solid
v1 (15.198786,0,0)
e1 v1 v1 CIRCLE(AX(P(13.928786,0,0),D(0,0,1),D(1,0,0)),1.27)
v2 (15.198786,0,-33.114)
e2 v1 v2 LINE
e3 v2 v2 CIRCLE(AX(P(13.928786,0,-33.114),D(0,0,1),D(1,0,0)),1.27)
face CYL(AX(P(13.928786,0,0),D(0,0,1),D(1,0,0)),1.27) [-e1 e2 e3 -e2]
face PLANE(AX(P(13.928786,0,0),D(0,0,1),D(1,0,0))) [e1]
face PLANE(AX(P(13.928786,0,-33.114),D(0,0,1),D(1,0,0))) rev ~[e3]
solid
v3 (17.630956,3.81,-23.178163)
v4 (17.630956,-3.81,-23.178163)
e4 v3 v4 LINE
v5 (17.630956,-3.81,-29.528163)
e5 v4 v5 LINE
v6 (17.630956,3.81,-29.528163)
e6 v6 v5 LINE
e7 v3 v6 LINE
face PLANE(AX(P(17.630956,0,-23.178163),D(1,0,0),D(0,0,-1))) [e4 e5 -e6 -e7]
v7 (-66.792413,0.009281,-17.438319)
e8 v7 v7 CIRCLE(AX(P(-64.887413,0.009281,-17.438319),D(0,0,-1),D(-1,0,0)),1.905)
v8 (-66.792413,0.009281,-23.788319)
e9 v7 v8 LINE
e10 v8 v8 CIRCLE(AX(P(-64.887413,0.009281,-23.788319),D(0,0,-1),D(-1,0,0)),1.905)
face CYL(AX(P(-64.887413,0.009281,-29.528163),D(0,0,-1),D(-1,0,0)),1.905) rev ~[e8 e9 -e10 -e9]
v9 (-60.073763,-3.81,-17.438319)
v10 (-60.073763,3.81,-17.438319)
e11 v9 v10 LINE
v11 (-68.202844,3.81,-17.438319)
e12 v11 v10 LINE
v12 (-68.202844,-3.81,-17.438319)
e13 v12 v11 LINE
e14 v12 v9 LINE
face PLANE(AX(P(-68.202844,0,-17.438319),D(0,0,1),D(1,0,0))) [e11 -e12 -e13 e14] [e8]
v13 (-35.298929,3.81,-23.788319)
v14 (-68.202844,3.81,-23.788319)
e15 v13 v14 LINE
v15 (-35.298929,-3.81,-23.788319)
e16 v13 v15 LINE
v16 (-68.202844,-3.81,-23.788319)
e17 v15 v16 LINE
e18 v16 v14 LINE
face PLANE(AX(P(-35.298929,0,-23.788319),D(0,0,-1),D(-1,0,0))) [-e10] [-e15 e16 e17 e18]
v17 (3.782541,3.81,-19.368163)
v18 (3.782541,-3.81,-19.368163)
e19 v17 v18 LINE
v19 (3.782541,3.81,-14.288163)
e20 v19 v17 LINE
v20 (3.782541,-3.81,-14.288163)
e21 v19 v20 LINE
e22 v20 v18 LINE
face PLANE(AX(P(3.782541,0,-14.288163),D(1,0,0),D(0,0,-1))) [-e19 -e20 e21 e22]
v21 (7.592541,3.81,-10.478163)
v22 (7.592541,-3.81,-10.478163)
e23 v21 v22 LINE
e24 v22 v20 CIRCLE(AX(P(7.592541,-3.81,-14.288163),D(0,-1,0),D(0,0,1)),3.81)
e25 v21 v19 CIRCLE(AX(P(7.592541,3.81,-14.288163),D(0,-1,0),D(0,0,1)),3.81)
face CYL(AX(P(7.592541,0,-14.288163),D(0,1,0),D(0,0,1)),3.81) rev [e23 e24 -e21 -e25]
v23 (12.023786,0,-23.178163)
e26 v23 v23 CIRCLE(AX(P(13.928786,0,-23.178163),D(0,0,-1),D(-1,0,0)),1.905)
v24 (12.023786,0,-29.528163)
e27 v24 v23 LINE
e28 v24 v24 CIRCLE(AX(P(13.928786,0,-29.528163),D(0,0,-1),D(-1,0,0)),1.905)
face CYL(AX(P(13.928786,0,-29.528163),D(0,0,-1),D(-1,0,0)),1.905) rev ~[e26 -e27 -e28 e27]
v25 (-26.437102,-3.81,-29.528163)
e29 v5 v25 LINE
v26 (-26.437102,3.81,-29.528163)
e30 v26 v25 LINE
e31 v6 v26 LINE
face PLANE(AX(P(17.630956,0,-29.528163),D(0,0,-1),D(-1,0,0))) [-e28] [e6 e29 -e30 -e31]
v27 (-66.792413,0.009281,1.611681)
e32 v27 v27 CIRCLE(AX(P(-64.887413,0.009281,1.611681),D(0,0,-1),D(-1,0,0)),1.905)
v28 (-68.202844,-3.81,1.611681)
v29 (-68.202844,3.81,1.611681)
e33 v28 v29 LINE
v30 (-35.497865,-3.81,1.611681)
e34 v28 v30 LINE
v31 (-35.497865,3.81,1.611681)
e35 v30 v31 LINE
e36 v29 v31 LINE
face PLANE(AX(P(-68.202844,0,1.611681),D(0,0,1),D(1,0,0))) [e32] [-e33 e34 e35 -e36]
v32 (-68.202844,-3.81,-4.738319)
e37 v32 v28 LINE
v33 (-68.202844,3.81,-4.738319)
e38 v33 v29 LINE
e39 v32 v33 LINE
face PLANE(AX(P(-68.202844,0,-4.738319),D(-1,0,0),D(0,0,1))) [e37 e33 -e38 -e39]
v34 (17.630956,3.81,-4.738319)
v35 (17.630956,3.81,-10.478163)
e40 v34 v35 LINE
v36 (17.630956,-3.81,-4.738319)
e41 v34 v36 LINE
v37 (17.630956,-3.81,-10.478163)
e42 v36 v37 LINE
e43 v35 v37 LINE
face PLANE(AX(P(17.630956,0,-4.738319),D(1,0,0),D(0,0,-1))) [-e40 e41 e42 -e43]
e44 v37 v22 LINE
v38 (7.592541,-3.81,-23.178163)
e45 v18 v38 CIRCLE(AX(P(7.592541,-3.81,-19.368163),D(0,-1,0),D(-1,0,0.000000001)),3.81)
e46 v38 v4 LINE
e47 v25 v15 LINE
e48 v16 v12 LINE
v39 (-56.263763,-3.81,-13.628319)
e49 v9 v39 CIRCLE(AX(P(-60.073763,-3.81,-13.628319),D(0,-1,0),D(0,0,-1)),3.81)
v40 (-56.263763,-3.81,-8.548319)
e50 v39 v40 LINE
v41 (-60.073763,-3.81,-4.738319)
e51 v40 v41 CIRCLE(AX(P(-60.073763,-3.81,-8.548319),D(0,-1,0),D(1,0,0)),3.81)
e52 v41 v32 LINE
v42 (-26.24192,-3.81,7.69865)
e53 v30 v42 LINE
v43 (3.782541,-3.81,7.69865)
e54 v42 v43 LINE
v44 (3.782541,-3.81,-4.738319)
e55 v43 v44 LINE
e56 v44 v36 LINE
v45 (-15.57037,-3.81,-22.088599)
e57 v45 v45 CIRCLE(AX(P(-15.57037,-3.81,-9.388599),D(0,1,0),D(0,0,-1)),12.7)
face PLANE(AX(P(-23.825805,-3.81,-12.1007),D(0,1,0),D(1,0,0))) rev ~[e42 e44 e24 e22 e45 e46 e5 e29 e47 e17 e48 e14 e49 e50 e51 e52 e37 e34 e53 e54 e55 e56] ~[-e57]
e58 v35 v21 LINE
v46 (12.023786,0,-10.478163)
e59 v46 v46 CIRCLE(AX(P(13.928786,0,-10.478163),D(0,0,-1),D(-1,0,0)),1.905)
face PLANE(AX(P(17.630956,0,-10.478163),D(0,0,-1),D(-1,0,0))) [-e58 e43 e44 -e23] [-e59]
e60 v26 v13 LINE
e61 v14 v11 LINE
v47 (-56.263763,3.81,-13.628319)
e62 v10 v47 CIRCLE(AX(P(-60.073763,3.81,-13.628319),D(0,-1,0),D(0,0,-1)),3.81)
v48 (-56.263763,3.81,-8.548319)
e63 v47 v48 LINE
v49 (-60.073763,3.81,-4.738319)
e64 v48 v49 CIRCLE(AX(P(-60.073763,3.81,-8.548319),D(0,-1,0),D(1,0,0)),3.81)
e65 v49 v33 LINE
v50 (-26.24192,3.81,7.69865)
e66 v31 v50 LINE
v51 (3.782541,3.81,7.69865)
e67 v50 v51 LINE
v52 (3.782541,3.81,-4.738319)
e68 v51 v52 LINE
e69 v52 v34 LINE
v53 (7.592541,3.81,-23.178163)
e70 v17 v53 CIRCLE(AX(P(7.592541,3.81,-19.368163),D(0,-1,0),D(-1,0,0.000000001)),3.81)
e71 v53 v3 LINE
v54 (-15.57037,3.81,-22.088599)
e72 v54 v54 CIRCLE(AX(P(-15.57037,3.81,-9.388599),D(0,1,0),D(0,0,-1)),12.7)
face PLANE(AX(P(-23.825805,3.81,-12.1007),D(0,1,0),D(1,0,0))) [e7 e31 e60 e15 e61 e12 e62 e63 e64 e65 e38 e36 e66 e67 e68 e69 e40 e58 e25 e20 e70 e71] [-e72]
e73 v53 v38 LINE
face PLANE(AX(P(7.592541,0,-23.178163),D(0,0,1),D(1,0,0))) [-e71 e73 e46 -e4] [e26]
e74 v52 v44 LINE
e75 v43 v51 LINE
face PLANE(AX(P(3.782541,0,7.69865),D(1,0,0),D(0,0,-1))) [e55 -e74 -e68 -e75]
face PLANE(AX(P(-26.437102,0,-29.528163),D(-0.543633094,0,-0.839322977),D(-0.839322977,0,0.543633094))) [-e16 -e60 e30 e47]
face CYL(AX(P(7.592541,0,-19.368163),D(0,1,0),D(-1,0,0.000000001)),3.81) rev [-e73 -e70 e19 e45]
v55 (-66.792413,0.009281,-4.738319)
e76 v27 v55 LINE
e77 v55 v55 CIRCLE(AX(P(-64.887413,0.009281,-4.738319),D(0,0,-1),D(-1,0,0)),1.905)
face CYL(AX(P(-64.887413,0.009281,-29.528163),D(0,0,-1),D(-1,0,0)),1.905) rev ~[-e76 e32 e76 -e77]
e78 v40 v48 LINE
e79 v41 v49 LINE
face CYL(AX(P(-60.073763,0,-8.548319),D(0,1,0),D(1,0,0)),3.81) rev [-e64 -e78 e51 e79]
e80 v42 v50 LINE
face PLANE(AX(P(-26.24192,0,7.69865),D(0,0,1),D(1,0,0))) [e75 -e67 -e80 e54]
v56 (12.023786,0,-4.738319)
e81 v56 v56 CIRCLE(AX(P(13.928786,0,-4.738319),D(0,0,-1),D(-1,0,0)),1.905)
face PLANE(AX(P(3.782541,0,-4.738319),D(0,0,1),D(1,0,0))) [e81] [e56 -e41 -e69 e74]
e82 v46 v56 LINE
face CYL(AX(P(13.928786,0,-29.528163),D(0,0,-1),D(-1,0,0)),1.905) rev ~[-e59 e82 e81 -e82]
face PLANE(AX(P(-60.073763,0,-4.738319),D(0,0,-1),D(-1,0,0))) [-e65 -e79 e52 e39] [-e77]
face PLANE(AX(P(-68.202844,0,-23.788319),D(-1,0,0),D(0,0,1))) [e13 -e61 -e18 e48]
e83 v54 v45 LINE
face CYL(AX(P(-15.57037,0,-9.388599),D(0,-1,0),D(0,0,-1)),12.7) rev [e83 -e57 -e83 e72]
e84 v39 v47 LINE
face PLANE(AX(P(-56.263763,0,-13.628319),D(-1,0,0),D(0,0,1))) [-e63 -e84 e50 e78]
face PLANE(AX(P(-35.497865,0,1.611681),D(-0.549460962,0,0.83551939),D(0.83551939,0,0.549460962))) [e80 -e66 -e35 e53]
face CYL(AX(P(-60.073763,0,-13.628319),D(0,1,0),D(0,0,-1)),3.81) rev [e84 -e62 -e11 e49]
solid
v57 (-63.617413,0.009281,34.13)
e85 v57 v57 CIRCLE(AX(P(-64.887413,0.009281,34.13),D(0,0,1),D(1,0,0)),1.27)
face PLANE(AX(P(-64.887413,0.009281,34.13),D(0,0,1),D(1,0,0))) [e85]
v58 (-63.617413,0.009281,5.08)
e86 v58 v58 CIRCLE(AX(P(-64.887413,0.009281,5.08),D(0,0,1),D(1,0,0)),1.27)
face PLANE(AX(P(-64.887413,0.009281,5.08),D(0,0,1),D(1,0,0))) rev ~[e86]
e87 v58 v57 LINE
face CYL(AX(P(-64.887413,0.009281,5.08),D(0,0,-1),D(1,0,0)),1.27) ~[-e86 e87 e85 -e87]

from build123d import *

# Parameters (mm, degrees)
SKETCH21_R         = 12.7
EXTRUDE1_DEPTH     = 3.81
SKETCH22_R         = 1.905
CUT_EXTRUDE1_DEPTH = 91.7575
SKETCH23_R         = 1.27
EXTRUDE2_DEPTH     = 33.114
EXTRUDE3_START     = 5.08
SKETCH23_3_R       = 1.27
EXTRUDE3_DEPTH     = 29.05


with BuildPart() as part:
    # Sketch21 → Extrude1 (new, symmetric)
    with BuildSketch(Plane(origin=(0, 0, 0), x_dir=(1, 0, 0), z_dir=(0, 1, 0))):
        with BuildLine():
            Line((-35.298929468, 23.7883192), (-68.202843987, 23.7883192))
            Line((-68.202843987, 23.7883192), (-68.202843987, 17.4383192))
            Line((-68.202843987, 17.4383192), (-60.073763005, 17.4383192))
            ThreePointArc((-60.073763005, 17.4383192), (-57.379686169, 16.322396036), (-56.263763005, 13.6283192))
            Line((-56.263763005, 13.6283192), (-56.263763005, 8.5483192))
            ThreePointArc((-56.263763005, 8.5483192), (-57.379686169, 5.854242364), (-60.073763005, 4.7383192))
            Line((-60.073763005, 4.7383192), (-68.202843987, 4.7383192))
            Line((-68.202843987, 4.7383192), (-68.202843987, -1.6116808))
            Line((-68.202843987, -1.6116808), (-35.497864952, -1.6116808))
            Line((-35.497864952, -1.6116808), (-26.24191989, -7.698649627))
            Line((-26.24191989, -7.698649627), (3.782541293, -7.698649627))
            Line((3.782541293, -7.698649627), (3.782541293, 4.7383192))
            Line((3.782541293, 4.7383192), (17.630956358, 4.7383192))
            Line((17.630956358, 4.7383192), (17.630956358, 10.478162824))
            Line((17.630956358, 10.478162824), (7.592541293, 10.478162824))
            ThreePointArc((7.592541293, 10.478162824), (4.898464456, 11.594085988), (3.782541293, 14.288162824))
            Line((3.782541293, 14.288162824), (3.782541293, 19.368162824))
            ThreePointArc((3.782541293, 19.368162824), (4.898464456, 22.062239661), (7.592541293, 23.178162824))
            Line((7.592541293, 23.178162824), (17.630956358, 23.178162824))
            Line((17.630956358, 23.178162824), (17.630956358, 29.528162824))
            Line((17.630956358, 29.528162824), (-26.437102079, 29.528162824))
            Line((-26.437102079, 29.528162824), (-35.298929468, 23.7883192))
        make_face()
        with Locations((-15.570369897, 9.388598571)):
            Circle(SKETCH21_R, mode=Mode.SUBTRACT)
    extrude(amount=EXTRUDE1_DEPTH, both=True)

    # Sketch22 → Cut-Extrude1 (cut, symmetric)
    with BuildSketch(Plane(origin=(0, 0, -29.528162824), x_dir=(-1, 0, 0), z_dir=(0, 0, -1))):
        with Locations((-13.928786076, 0)):
            Circle(SKETCH22_R)
        with Locations((64.887413377, 0.009280662)):
            Circle(SKETCH22_R)
    extrude(amount=CUT_EXTRUDE1_DEPTH, both=True, mode=Mode.SUBTRACT)


with BuildPart() as body_2:
    # Sketch23 → Extrude2 (new body)
    with BuildSketch(Plane.XY):
        with Locations((13.928786076, 0)):
            Circle(SKETCH23_R)
    extrude(amount=-EXTRUDE2_DEPTH)


with BuildPart() as body_3:
    # Sketch23<3> → Extrude3 (new body)
    with BuildSketch(Plane.XY.offset(EXTRUDE3_START)):
        with Locations((-64.887413377, 0.009280662)):
            Circle(SKETCH23_3_R)
    extrude(amount=EXTRUDE3_DEPTH)


solid = Compound([part.part, body_2.part, body_3.part])
